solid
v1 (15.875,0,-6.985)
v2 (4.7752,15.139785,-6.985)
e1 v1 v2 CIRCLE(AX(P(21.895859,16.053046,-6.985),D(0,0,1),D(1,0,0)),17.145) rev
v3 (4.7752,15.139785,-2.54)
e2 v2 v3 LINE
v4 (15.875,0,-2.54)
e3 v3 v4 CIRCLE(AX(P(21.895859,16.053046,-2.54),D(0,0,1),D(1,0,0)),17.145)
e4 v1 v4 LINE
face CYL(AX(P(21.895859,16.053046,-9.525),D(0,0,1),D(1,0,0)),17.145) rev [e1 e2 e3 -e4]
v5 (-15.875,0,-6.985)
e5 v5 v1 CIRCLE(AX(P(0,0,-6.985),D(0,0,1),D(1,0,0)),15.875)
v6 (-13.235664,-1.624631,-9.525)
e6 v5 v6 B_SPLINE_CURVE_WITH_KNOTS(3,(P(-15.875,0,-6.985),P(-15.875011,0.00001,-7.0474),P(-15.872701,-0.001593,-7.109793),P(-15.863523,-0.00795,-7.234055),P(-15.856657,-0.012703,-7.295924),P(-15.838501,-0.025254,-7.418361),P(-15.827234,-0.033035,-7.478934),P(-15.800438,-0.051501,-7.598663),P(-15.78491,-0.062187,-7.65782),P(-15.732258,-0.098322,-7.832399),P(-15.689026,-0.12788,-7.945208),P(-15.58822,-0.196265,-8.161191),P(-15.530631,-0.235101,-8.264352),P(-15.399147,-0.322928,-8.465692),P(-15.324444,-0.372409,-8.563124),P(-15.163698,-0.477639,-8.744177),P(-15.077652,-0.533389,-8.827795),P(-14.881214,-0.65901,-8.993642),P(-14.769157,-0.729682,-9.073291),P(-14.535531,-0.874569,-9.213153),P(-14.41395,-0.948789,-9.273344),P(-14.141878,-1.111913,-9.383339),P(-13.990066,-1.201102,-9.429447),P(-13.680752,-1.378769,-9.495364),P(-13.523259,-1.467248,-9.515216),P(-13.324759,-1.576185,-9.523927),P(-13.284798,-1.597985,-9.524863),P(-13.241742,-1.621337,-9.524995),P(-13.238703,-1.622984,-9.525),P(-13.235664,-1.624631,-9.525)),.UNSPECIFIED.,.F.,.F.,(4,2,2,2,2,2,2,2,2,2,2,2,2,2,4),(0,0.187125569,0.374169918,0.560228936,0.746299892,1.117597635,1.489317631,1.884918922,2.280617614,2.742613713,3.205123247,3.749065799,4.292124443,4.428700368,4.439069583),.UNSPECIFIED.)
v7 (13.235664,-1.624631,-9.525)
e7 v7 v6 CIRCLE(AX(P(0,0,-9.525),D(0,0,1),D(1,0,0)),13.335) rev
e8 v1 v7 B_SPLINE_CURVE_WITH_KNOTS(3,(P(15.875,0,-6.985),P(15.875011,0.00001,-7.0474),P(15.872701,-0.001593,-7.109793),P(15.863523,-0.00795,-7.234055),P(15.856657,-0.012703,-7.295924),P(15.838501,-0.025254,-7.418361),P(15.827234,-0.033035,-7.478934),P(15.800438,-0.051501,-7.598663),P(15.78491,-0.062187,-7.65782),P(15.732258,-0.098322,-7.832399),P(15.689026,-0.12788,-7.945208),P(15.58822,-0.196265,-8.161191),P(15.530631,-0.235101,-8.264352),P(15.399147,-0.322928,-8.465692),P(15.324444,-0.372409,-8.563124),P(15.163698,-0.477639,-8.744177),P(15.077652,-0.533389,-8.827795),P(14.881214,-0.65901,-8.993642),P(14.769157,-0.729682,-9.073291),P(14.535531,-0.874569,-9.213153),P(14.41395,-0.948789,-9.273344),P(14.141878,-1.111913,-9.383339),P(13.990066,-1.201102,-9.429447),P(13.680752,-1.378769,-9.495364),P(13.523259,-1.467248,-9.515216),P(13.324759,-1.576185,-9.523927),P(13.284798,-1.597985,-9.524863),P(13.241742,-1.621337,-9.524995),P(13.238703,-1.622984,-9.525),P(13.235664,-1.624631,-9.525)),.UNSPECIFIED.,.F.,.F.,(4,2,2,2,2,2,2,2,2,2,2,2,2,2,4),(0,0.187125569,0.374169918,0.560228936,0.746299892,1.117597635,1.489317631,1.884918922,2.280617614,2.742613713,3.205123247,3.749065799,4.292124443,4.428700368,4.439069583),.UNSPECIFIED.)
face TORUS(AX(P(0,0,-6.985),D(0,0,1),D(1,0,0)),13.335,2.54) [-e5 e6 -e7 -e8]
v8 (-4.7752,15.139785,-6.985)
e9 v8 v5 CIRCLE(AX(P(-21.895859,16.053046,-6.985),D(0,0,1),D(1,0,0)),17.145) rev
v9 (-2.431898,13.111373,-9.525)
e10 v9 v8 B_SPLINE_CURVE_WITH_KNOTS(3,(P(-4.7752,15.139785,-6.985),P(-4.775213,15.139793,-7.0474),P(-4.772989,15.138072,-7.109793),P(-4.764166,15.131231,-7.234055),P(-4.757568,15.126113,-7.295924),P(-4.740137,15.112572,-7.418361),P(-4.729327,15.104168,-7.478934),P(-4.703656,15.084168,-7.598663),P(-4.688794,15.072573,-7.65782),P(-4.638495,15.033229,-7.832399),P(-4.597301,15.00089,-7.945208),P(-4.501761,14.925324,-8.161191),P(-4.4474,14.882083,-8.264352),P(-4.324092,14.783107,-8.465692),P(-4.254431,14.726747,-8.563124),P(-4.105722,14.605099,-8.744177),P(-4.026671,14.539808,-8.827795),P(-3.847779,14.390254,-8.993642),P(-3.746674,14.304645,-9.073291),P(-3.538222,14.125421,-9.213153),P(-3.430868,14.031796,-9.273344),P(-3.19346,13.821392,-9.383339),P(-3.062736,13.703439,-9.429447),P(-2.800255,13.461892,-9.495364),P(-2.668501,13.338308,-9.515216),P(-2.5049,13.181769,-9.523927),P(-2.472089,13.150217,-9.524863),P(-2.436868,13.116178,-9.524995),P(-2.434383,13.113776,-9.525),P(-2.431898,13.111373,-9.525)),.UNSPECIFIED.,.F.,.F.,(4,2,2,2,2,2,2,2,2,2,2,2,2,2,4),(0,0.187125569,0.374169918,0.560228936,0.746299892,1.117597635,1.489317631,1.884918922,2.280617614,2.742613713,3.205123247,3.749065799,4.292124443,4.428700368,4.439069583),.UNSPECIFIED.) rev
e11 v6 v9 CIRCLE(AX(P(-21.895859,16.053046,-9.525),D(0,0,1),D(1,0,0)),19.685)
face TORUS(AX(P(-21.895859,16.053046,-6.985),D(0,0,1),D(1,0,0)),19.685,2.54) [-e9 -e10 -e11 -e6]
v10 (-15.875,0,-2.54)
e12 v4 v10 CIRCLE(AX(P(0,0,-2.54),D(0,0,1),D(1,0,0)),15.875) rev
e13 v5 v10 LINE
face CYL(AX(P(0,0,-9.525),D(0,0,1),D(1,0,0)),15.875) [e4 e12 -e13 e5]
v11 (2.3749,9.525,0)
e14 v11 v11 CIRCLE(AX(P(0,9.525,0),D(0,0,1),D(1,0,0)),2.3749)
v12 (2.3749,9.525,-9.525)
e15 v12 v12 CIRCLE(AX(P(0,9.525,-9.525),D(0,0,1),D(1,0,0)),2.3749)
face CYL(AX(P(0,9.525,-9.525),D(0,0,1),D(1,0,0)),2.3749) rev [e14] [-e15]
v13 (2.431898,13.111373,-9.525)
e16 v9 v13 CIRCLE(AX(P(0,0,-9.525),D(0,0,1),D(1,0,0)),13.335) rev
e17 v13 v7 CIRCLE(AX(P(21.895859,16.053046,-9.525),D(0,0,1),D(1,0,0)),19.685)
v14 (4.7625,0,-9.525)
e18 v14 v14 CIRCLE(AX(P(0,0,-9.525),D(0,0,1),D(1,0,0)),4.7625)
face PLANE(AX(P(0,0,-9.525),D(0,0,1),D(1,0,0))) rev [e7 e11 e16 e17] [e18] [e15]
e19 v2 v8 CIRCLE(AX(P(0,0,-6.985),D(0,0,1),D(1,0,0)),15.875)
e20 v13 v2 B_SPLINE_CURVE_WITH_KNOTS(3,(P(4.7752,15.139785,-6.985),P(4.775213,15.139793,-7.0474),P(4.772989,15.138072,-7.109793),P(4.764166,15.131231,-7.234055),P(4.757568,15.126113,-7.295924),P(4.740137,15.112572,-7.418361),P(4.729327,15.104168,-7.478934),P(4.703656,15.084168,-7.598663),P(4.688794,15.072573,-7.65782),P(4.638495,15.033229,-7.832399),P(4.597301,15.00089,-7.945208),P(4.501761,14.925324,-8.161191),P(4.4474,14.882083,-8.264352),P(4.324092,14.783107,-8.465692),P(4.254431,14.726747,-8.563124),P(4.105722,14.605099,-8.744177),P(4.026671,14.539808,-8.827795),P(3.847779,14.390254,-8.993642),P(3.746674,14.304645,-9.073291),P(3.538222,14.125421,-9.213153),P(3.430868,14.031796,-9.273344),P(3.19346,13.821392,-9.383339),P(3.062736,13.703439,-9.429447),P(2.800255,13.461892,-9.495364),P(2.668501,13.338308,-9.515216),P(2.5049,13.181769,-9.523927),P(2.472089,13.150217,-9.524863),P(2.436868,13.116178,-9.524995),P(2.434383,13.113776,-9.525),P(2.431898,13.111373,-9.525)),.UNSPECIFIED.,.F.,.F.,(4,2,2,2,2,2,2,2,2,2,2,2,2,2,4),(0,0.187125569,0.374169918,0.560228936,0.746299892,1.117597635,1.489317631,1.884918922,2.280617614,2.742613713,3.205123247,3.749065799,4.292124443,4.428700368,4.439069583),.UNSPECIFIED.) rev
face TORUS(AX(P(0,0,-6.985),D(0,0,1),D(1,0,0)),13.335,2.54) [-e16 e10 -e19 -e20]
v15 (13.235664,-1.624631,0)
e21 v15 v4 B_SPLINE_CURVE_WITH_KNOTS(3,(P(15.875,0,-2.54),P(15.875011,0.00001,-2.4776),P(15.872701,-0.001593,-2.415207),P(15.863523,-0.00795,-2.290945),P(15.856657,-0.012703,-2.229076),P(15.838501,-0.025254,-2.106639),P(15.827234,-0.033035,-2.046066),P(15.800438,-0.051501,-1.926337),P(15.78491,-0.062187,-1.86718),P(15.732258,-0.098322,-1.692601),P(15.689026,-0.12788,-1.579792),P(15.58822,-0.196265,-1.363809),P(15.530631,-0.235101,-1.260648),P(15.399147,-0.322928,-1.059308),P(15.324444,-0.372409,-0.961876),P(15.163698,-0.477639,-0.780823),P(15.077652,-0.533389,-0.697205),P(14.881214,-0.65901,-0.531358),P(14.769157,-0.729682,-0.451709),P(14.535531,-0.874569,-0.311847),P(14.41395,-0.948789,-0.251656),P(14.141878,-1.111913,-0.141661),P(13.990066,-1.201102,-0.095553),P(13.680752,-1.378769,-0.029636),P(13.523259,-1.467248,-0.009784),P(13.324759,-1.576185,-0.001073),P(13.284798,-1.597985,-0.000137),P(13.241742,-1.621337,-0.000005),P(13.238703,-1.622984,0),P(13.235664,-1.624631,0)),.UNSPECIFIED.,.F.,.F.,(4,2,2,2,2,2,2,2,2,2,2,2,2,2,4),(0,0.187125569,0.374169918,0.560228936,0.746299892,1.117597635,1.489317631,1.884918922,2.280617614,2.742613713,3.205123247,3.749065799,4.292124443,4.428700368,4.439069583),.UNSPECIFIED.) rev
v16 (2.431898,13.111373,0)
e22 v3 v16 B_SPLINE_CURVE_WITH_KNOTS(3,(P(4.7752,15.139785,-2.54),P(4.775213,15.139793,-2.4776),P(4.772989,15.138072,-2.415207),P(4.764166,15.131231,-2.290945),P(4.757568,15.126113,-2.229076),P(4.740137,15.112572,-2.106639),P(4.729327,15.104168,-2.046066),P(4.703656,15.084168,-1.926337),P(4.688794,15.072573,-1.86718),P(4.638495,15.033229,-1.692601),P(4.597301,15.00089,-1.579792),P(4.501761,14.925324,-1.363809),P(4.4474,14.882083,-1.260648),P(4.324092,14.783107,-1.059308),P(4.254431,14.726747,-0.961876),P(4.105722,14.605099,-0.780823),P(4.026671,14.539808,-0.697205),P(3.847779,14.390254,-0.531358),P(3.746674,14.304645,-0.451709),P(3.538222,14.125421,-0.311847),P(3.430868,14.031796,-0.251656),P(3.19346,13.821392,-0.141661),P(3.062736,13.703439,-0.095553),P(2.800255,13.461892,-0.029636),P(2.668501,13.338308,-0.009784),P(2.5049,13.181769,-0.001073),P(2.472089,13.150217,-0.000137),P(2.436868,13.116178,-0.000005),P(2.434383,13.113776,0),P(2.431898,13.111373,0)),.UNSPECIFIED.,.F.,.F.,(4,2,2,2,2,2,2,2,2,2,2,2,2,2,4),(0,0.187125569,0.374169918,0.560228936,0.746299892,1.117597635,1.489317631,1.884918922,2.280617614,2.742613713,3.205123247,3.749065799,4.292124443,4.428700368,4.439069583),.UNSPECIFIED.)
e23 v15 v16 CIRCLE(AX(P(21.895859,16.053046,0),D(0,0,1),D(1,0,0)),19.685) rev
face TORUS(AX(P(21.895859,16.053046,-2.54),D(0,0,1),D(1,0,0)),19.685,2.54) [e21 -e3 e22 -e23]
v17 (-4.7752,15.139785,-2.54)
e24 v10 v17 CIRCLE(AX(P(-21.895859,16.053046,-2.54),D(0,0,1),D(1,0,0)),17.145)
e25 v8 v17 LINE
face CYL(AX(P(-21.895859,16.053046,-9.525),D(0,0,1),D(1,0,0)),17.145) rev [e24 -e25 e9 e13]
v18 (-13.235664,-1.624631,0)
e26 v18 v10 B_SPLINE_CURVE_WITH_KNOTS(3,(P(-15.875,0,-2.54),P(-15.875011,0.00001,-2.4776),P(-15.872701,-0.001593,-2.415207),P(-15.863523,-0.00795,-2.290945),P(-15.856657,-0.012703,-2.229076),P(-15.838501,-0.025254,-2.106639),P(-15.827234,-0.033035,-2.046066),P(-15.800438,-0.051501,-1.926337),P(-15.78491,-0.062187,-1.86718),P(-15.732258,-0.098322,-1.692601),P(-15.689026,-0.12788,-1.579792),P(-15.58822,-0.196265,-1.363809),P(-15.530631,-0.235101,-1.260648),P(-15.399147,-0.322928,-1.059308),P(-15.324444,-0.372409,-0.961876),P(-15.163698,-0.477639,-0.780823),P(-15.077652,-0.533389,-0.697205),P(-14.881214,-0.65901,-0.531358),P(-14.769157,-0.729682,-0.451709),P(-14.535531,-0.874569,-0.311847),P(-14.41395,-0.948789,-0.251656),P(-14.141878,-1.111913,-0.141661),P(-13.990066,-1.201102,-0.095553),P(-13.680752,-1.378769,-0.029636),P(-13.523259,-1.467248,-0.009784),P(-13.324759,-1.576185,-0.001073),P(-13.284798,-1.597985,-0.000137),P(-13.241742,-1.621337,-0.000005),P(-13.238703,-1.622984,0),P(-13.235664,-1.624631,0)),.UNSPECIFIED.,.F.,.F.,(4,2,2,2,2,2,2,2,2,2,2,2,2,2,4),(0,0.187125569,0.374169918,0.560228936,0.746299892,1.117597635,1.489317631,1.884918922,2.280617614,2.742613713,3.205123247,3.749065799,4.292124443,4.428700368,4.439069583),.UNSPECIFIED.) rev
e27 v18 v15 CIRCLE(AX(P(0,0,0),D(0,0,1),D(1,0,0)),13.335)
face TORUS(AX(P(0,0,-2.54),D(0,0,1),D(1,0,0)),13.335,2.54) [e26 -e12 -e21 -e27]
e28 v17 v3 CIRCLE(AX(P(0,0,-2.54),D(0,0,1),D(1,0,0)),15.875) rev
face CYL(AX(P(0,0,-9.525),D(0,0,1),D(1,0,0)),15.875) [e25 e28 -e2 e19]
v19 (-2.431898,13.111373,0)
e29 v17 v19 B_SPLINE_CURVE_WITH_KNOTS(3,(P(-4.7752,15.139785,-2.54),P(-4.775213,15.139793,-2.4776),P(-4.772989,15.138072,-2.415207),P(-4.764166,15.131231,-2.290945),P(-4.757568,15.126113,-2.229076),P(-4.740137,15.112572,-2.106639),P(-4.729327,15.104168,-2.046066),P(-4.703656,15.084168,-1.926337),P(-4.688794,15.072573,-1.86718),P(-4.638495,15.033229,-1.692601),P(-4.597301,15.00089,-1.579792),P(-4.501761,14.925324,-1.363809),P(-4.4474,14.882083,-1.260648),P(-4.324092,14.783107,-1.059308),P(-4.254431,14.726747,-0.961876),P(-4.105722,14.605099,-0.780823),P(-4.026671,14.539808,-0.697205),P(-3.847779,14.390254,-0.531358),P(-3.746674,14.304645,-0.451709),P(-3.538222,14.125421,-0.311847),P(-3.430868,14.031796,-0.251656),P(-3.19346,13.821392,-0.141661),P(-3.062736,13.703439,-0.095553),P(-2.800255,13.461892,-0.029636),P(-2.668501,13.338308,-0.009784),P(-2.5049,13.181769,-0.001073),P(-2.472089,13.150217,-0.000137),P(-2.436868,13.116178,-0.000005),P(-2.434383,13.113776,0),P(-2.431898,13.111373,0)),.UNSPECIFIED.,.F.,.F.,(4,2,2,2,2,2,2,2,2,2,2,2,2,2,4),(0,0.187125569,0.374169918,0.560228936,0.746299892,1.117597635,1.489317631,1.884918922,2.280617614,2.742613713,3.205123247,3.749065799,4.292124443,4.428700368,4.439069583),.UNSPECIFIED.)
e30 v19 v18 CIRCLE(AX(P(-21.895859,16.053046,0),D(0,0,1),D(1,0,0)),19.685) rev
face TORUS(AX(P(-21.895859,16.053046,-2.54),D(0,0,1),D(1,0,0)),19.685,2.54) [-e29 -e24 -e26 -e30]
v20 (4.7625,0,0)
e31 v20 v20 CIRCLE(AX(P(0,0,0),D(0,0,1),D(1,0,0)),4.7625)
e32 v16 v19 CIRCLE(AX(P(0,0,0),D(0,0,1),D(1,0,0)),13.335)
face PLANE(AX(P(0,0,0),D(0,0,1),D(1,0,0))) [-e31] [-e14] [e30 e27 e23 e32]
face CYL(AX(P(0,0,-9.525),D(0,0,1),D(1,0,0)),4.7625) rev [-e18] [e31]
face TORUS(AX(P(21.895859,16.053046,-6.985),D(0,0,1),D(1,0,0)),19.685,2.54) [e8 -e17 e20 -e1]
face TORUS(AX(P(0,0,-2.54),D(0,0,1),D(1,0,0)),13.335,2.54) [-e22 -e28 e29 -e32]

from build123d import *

# Parameters (mm, degrees)
SKETCH1_R           = 15.875
SKETCH1_R_2         = 4.7625
SKETCH1_R_3         = 2.3749
BOSS_EXTRUDE1_DEPTH = 9.525
CUT_EXTRUDE1_DEPTH  = 10.525
FILLET1_R           = 2.54
FILLET2_R           = 2.54


with BuildPart() as part:
    # Sketch1 → Boss-Extrude1 (new body)
    with BuildSketch(Plane.XY):
        Circle(SKETCH1_R)
        Circle(SKETCH1_R_2, mode=Mode.SUBTRACT)
        with Locations((0, 9.525)):
            Circle(SKETCH1_R_3, mode=Mode.SUBTRACT)
    extrude(amount=-BOSS_EXTRUDE1_DEPTH)

    # Sketch2 → Cut-Extrude1 (cut, through all)
    with BuildSketch(Plane.XY):
        with BuildLine():
            ThreePointArc((-15.875, 0), (-8.06886604, 5.915724645), (-4.7752, 15.139785004))
            ThreePointArc((-4.7752, 15.139785004), (-12.802771673, 9.386408392), (-15.875, 0))
        make_face()
        with BuildLine():
            ThreePointArc((15.875, 0), (8.06886604, 5.915724645), (4.7752, 15.139785004))
            ThreePointArc((4.7752, 15.139785004), (12.802771673, 9.386408392), (15.875, 0))
        make_face()
    extrude(amount=-CUT_EXTRUDE1_DEPTH, mode=Mode.SUBTRACT)

    # Fillet1
    fillet1_edges = [part.edges().sort_by_distance(p)[0] for p in [
        (0, 15.875, 0),
        (0, -15.875, 0),
        (-8.06886604, 5.915724645, 0),
        (8.06886604, 5.915724645, 0),
    ]]
    fillet(fillet1_edges, radius=FILLET1_R)

    # Fillet2
    fillet2_edges = [part.edges().sort_by_distance(p)[0] for p in [
        (0, 15.875, -9.525),
        (0, -15.875, -9.525),
        (-8.06886604, 5.915724645, -9.525),
        (8.06886604, 5.915724645, -9.525),
    ]]
    fillet(fillet2_edges, radius=FILLET2_R)


solid = part.part
